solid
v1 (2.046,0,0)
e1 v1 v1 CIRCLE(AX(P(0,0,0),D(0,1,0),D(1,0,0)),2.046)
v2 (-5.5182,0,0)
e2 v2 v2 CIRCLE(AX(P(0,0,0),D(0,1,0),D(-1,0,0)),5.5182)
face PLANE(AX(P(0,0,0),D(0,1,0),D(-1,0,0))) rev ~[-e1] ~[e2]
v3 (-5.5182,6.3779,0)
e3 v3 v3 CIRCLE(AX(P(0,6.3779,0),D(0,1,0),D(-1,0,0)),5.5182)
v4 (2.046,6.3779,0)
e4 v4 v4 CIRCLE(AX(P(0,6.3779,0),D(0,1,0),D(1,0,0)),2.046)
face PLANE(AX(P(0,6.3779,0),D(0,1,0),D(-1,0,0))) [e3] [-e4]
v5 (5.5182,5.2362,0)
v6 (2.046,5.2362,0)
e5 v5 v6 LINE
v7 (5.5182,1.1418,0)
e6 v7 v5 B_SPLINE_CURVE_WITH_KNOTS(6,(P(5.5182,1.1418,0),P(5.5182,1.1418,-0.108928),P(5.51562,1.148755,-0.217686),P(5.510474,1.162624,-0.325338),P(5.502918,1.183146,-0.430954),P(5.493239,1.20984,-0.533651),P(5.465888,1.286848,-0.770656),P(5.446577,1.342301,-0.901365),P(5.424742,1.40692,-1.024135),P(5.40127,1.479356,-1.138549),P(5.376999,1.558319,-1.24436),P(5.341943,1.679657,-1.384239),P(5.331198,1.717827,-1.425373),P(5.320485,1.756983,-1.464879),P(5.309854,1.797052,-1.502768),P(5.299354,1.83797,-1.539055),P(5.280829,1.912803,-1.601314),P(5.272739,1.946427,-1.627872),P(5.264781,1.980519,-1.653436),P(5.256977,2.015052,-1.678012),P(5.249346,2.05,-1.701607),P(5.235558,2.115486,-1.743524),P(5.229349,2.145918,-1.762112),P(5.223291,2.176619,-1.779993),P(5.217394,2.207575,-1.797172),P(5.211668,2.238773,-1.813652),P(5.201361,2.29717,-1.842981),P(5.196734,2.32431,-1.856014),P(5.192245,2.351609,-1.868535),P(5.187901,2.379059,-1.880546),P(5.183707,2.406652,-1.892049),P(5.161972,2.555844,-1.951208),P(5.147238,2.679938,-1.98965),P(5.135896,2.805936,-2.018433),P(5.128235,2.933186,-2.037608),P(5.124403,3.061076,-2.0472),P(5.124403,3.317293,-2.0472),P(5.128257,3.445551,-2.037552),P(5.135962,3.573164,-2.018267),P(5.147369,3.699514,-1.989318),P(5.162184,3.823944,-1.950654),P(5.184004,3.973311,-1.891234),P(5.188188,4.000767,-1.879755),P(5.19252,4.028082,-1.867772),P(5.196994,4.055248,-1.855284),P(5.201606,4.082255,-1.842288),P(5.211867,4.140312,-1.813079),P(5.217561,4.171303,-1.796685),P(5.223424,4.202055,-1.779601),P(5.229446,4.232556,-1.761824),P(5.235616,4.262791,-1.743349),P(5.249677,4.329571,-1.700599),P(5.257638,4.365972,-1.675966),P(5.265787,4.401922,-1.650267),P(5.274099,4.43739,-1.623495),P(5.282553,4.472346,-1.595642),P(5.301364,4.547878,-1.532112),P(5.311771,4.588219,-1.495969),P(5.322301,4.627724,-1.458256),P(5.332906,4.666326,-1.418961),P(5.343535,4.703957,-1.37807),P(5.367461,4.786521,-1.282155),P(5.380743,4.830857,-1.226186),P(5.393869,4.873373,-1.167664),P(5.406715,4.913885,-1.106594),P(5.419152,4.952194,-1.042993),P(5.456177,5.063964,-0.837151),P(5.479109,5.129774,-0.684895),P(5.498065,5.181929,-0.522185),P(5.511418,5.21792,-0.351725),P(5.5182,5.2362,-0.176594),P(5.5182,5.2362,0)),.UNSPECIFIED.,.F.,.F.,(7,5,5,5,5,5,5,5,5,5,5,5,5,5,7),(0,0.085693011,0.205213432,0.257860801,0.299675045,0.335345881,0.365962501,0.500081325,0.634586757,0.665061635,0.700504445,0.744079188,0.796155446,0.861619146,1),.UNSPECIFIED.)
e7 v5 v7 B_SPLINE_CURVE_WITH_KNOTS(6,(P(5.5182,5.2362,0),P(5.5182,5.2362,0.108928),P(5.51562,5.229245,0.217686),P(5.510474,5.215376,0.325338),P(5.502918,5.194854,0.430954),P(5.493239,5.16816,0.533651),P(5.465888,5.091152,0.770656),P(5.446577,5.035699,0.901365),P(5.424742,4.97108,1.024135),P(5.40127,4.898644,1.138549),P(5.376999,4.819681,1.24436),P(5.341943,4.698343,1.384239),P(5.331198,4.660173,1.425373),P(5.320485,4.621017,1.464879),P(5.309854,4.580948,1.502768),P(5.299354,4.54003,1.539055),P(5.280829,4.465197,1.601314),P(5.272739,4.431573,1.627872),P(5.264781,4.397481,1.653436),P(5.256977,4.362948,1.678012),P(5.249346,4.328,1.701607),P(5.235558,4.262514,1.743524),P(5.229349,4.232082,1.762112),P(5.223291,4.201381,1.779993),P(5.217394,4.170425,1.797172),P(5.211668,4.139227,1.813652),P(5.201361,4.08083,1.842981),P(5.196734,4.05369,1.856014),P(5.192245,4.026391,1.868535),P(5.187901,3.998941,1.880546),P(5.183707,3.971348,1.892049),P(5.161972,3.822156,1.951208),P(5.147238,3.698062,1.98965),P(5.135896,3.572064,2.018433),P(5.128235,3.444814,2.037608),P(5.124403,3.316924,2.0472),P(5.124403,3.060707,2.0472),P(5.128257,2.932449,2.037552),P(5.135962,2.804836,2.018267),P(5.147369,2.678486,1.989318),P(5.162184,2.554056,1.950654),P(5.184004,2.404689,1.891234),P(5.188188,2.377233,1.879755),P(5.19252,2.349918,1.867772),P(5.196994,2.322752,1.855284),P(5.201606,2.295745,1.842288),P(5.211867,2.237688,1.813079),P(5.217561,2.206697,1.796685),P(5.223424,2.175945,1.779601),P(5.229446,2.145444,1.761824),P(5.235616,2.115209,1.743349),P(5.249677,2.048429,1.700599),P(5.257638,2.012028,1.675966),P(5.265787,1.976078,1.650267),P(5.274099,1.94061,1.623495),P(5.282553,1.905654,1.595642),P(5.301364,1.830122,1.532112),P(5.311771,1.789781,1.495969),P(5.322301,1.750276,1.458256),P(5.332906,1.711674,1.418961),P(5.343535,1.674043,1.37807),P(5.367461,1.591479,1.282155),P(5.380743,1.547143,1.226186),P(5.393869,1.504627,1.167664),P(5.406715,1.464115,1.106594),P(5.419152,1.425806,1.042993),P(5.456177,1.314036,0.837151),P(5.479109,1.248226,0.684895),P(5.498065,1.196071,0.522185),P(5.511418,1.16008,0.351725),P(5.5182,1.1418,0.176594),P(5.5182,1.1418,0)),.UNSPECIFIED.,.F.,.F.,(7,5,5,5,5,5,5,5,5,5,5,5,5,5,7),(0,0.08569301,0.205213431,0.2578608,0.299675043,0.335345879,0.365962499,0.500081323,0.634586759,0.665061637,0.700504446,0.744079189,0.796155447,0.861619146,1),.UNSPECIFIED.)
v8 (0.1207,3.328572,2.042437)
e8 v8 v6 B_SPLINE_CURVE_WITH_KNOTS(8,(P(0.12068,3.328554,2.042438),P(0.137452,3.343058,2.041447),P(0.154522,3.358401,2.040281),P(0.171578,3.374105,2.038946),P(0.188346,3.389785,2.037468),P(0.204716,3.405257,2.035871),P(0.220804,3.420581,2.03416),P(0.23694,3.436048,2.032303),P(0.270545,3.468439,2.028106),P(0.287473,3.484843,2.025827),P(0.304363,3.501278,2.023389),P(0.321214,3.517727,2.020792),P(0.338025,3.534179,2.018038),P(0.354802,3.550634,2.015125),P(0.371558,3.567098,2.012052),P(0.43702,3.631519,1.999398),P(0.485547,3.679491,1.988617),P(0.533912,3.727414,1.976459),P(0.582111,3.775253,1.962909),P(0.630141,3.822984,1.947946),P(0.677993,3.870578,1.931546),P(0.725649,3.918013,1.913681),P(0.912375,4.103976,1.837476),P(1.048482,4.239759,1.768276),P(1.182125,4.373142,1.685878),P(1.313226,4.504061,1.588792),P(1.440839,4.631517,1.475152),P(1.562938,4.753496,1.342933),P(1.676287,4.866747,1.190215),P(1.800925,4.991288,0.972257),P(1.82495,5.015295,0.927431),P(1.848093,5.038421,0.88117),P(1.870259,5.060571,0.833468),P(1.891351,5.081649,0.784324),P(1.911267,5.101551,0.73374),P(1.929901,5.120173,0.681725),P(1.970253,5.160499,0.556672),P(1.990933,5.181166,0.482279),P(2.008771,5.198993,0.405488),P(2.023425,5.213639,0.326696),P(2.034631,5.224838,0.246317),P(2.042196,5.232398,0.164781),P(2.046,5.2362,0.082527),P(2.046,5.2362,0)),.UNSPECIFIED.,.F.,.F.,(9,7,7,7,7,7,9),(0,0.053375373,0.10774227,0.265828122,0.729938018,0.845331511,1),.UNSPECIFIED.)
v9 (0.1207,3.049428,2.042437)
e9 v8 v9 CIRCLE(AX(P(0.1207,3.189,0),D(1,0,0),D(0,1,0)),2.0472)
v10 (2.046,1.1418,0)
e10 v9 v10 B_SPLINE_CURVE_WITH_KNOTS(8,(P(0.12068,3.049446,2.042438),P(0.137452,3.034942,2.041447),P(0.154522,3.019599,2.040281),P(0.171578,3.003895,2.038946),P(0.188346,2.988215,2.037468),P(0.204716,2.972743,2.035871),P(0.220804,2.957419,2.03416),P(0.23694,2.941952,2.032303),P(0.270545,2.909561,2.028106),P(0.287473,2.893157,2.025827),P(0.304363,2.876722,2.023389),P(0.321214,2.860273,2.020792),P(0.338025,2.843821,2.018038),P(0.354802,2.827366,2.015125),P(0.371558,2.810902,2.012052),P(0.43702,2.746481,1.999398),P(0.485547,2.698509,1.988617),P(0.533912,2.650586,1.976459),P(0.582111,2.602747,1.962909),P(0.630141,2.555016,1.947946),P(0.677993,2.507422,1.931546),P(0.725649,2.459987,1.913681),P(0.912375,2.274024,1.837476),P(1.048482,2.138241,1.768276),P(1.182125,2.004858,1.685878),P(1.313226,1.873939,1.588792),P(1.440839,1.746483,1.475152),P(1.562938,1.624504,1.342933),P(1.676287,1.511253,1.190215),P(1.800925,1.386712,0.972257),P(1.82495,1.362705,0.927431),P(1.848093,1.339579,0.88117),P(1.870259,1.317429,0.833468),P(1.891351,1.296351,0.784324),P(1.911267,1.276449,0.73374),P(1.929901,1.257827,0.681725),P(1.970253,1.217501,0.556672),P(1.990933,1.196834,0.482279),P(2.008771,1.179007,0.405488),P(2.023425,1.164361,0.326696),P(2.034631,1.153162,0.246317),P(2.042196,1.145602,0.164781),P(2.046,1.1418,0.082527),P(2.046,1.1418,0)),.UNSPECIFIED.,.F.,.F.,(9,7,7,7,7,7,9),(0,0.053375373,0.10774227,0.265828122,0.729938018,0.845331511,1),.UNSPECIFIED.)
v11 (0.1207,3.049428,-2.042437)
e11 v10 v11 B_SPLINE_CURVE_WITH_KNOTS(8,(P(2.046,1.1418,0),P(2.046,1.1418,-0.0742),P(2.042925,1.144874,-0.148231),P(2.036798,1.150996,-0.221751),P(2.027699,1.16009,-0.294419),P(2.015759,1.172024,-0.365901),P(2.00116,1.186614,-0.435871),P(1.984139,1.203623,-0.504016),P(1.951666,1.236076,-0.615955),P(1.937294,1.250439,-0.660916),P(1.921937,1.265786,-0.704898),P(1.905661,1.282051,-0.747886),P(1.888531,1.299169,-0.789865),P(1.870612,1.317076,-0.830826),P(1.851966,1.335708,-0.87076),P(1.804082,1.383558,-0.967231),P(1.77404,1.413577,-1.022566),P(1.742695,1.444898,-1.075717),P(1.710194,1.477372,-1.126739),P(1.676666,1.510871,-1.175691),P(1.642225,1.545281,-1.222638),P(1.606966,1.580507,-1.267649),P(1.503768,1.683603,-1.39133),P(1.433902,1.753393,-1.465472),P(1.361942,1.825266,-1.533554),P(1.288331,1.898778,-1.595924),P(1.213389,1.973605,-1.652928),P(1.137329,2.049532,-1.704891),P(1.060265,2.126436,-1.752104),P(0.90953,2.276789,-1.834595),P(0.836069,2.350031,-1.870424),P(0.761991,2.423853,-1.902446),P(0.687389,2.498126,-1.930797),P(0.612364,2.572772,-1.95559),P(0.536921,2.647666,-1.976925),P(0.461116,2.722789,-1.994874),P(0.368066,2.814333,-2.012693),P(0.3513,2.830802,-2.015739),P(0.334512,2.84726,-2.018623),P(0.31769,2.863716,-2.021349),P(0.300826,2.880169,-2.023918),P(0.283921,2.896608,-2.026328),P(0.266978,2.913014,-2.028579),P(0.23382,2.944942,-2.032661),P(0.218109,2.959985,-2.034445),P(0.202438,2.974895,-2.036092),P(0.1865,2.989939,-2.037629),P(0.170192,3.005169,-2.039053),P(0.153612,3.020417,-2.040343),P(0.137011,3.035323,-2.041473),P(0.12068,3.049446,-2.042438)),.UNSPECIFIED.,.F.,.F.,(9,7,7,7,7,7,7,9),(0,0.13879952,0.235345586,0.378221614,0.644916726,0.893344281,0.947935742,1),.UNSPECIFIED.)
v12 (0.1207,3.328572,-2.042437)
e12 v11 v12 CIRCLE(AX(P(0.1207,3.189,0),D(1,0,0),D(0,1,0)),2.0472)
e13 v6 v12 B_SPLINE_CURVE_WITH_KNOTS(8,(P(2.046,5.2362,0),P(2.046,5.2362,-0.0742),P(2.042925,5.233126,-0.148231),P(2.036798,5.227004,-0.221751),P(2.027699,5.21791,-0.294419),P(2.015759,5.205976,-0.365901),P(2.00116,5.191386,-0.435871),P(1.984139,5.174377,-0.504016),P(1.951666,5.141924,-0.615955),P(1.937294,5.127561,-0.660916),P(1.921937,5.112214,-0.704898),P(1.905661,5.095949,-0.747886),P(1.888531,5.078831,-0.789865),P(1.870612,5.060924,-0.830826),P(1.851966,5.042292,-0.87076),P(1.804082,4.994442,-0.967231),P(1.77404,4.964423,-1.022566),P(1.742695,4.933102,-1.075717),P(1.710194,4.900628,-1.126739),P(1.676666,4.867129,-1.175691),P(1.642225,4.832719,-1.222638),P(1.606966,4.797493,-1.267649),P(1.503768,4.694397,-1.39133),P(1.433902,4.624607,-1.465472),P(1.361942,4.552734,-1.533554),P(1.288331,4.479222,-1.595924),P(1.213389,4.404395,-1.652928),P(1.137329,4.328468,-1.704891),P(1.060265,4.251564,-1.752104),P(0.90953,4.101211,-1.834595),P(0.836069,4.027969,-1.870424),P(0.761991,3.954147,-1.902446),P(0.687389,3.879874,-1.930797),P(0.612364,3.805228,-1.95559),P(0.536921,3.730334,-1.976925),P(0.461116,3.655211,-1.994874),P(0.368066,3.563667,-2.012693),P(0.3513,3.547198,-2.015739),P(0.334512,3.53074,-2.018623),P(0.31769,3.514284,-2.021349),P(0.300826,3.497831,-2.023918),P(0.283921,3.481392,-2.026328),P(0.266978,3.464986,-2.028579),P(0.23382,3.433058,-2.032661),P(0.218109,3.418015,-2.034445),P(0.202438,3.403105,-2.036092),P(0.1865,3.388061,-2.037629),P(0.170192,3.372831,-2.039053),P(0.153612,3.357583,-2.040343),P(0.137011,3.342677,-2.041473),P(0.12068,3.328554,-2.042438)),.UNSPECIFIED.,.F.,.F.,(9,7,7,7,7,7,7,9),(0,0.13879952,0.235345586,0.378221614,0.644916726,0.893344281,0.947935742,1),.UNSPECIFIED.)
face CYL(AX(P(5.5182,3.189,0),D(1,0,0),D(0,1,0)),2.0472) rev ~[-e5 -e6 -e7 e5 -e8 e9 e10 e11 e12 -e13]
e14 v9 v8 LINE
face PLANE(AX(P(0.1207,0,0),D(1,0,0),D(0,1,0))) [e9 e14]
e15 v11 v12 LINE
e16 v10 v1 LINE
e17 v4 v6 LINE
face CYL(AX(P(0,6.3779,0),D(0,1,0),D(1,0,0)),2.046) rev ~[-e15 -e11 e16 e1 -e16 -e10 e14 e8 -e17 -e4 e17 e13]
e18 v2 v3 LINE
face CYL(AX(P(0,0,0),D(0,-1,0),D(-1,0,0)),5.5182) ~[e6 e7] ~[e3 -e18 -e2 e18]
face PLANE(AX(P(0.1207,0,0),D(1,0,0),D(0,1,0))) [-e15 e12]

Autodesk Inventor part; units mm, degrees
ref_plane "XZ Plane" through (0, 0, 0) normal (0, 1, 0) x (-1, 0, 0)
ref_plane "XY Plane" through (0, 0, 0) normal (0, 0, 1) x (1, 0, 0)
sketch "Sketch1" plane through (0, 0, 0) normal (0, 1, 0) x (-1, 0, 0)
  circle A0 centre (0, 0) radius 5.5182
  dimension "d0" = 11.0363
extrude "Extrusion1" add sketch "Sketch1" along normal blind 6.3779
sketch "Sketch2" plane through (0, 6.3779, 0) normal (0, 1, 0) x (1, 0, 0)
  circle A0 centre (0, 0) radius 2.046
  dimension "d3" = 4.0919
extrude "Extrusion2" cut sketch "Sketch2" against normal blind 11.1125
ref_plane "Work Plane1" through (5.5182, 0, 0) normal (1, 0, 0) x (0, 1, 0)
sketch "Sketch3" plane through (5.5182, 0, 0) normal (1, 0, 0) x (0, 1, 0)
  line L0 (6.3779, -5.5182) -> (6.3779, 5.5182) projected
  line L1 (6.3779, 0) -> (0, 0)
  circle A0 centre (3.189, 0) radius 2.0472
  dimension "d6" = 4.0945
extrude "Extrusion3" cut sketch "Sketch3" against normal blind 5.3975
properties part number "Axle hub with no cricle thing"
